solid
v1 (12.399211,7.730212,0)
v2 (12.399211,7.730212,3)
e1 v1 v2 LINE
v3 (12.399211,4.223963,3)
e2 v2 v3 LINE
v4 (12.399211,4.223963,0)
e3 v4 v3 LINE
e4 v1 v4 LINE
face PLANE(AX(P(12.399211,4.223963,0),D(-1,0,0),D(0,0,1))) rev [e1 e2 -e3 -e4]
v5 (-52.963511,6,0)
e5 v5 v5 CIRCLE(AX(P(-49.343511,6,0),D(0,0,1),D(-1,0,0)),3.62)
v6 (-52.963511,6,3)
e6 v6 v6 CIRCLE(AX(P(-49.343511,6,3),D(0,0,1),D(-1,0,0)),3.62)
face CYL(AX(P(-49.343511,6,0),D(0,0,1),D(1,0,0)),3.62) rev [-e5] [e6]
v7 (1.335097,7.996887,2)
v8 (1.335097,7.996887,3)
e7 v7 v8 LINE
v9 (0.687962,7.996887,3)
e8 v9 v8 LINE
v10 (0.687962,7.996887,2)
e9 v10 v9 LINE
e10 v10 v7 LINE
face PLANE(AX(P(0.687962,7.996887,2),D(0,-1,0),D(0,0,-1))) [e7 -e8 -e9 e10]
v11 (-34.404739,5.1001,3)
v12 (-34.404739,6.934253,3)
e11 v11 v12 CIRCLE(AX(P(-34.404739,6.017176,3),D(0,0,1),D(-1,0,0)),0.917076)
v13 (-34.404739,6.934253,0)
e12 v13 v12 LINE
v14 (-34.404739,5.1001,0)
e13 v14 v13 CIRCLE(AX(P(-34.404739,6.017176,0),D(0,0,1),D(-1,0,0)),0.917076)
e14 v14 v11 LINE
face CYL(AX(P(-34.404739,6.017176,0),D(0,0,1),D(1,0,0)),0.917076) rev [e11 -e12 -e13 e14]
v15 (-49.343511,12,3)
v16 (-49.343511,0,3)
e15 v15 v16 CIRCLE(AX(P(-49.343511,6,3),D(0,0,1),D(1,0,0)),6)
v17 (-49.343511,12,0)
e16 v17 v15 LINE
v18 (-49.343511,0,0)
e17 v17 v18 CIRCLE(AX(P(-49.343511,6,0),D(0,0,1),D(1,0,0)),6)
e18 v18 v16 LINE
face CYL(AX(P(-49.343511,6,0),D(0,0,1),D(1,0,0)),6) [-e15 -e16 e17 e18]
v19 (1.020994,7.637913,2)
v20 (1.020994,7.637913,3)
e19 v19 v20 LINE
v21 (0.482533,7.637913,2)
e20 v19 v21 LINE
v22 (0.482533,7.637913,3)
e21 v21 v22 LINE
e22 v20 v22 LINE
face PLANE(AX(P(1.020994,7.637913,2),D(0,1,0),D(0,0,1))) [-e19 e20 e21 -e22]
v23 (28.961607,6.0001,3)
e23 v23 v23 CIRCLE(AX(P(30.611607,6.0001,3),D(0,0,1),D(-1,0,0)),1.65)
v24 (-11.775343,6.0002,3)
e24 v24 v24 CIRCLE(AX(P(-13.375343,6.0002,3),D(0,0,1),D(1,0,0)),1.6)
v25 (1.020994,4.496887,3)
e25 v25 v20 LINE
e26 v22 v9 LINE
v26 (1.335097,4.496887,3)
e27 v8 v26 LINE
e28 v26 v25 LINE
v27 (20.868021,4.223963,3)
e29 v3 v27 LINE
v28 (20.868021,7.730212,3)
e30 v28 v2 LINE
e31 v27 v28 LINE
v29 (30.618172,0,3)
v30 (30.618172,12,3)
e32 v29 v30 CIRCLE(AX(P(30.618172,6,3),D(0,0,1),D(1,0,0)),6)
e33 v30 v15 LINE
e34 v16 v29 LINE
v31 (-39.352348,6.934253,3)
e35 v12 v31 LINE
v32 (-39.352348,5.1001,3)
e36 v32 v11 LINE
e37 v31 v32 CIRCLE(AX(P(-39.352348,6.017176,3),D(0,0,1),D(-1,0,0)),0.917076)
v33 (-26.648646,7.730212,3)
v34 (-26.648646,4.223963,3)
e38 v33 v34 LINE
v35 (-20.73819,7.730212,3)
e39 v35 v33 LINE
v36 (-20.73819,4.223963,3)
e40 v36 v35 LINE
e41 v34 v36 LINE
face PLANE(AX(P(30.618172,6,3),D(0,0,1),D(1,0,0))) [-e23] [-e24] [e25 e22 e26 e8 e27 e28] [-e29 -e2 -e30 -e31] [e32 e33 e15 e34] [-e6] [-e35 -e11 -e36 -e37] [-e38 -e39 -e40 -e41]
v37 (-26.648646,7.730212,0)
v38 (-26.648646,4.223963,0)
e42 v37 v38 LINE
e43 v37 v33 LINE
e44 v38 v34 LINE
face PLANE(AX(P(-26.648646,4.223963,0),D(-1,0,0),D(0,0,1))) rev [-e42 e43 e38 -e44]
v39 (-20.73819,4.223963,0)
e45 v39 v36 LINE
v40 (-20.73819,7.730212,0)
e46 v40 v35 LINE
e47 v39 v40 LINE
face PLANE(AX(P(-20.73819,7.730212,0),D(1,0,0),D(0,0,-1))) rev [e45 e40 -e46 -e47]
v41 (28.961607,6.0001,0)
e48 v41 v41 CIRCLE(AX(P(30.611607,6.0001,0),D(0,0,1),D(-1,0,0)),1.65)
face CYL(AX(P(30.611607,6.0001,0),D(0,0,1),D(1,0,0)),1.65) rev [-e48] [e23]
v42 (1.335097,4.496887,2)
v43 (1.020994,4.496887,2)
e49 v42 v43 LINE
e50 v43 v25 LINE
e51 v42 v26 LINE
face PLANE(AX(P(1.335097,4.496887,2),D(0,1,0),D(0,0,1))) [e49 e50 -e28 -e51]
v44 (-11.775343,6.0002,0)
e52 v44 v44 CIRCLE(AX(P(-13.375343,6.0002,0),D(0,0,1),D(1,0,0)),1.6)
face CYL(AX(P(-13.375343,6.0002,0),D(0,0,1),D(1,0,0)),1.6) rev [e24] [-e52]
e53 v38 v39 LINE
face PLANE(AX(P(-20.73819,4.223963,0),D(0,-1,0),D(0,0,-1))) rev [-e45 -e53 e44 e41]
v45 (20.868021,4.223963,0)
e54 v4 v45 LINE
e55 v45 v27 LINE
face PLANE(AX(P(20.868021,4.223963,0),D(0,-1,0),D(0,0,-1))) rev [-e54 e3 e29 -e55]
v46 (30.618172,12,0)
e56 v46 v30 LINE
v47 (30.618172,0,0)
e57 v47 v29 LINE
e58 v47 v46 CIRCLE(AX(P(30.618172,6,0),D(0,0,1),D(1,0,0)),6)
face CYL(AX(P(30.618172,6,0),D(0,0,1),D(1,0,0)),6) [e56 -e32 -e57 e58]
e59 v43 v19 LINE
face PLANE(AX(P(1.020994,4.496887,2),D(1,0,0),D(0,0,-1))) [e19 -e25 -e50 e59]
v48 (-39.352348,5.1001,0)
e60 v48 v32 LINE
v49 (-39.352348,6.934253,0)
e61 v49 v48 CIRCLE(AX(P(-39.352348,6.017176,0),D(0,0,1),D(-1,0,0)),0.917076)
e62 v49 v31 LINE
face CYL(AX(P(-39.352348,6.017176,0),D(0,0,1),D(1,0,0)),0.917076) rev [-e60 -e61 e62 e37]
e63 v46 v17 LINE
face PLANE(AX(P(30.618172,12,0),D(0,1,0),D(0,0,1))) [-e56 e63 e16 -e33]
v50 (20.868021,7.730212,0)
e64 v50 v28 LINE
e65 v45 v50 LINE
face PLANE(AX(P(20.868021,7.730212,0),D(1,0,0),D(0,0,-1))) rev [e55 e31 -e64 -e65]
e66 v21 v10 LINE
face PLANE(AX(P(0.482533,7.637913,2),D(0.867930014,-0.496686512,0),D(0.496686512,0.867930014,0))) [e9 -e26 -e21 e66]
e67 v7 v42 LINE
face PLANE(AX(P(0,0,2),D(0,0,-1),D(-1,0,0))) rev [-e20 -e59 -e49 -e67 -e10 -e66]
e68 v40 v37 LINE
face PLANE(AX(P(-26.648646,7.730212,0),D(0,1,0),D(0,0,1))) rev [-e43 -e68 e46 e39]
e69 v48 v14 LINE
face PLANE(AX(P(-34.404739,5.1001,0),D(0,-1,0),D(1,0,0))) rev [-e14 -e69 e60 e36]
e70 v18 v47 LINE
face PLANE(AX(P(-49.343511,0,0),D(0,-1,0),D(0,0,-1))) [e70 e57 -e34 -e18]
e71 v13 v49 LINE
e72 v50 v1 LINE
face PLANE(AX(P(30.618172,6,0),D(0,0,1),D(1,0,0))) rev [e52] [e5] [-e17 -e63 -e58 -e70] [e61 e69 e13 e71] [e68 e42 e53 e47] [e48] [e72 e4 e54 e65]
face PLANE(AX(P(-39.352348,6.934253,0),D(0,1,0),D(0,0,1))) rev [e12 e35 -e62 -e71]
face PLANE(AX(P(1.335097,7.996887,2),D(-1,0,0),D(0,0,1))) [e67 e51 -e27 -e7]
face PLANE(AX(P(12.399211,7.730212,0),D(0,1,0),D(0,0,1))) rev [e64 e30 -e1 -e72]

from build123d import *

# Parameters (mm, degrees)
SKETCH_1_R          = 1.65
SKETCH_1_R_2        = 3.62
SKETCH_1_W          = 5.910456895
SKETCH_1_H          = 3.506249455
SKETCH_1_W_2        = 8.468810135
EXTRUDE_1_DEPTH     = 3
SKETCH_2_R          = 1.6
CUT_EXTRUDE_1_DEPTH = 57.708942736
CUT_EXTRUDE_2_DEPTH = 1


with BuildPart() as part:
    # 草图1 → 凸台-拉伸1 (new body)
    with BuildSketch(Plane.XY.offset(3)):
        with BuildLine():
            Line((30.618171933, 12), (-49.343510787, 12))
            ThreePointArc((-49.343510787, 12), (-55.343510787, 6), (-49.343510787, 0))
            Line((-49.343510787, 0), (30.618171933, 0))
            ThreePointArc((30.618171933, 0), (36.618171933, 6), (30.618171933, 12))
        make_face()
        with Locations(Location((30.611606698, 6.0001, 0), (0, 0, 180))):
            Circle(SKETCH_1_R, mode=Mode.SUBTRACT)
        with Locations(Location((-49.343510787, 6, 0), (0, 0, 180))):
            Circle(SKETCH_1_R_2, mode=Mode.SUBTRACT)
        with Locations((-23.693418044, 5.97708776)):
            Rectangle(SKETCH_1_W, SKETCH_1_H, mode=Mode.SUBTRACT)
        with Locations((16.633615742, 5.97708776)):
            Rectangle(SKETCH_1_W_2, SKETCH_1_H, mode=Mode.SUBTRACT)
        with BuildLine():
            Line((-34.404739086, 5.1001), (-39.352347519, 5.1001))
            ThreePointArc((-39.352347519, 5.1001), (-40.269423986, 6.017176468), (-39.352347519, 6.934252935))
            Line((-39.352347519, 6.934252935), (-34.404739086, 6.934252935))
            ThreePointArc((-34.404739086, 6.934252935), (-33.487662618, 6.017176468), (-34.404739086, 5.1001))
        make_face(mode=Mode.SUBTRACT)
    extrude(amount=-EXTRUDE_1_DEPTH)

    # 草图2 → 切除-拉伸1 (cut, through all)
    with BuildSketch(Plane.XY.offset(3)):
        with Locations((-13.375343302, 6.0002)):
            Circle(SKETCH_2_R)
    extrude(amount=-CUT_EXTRUDE_1_DEPTH, mode=Mode.SUBTRACT)

    # 草图3 → 切除-拉伸2 (cut)
    with BuildSketch(Plane.XY.offset(3)):
        Polygon((0.687961553, 7.996886868), (1.335096969, 7.996886868), (1.335096969, 4.496886868), (1.020994405, 4.496886868), (1.020994405, 7.637912509), (0.482532867, 7.637912509), align=None)
    extrude(amount=-CUT_EXTRUDE_2_DEPTH, mode=Mode.SUBTRACT)


solid = part.part
